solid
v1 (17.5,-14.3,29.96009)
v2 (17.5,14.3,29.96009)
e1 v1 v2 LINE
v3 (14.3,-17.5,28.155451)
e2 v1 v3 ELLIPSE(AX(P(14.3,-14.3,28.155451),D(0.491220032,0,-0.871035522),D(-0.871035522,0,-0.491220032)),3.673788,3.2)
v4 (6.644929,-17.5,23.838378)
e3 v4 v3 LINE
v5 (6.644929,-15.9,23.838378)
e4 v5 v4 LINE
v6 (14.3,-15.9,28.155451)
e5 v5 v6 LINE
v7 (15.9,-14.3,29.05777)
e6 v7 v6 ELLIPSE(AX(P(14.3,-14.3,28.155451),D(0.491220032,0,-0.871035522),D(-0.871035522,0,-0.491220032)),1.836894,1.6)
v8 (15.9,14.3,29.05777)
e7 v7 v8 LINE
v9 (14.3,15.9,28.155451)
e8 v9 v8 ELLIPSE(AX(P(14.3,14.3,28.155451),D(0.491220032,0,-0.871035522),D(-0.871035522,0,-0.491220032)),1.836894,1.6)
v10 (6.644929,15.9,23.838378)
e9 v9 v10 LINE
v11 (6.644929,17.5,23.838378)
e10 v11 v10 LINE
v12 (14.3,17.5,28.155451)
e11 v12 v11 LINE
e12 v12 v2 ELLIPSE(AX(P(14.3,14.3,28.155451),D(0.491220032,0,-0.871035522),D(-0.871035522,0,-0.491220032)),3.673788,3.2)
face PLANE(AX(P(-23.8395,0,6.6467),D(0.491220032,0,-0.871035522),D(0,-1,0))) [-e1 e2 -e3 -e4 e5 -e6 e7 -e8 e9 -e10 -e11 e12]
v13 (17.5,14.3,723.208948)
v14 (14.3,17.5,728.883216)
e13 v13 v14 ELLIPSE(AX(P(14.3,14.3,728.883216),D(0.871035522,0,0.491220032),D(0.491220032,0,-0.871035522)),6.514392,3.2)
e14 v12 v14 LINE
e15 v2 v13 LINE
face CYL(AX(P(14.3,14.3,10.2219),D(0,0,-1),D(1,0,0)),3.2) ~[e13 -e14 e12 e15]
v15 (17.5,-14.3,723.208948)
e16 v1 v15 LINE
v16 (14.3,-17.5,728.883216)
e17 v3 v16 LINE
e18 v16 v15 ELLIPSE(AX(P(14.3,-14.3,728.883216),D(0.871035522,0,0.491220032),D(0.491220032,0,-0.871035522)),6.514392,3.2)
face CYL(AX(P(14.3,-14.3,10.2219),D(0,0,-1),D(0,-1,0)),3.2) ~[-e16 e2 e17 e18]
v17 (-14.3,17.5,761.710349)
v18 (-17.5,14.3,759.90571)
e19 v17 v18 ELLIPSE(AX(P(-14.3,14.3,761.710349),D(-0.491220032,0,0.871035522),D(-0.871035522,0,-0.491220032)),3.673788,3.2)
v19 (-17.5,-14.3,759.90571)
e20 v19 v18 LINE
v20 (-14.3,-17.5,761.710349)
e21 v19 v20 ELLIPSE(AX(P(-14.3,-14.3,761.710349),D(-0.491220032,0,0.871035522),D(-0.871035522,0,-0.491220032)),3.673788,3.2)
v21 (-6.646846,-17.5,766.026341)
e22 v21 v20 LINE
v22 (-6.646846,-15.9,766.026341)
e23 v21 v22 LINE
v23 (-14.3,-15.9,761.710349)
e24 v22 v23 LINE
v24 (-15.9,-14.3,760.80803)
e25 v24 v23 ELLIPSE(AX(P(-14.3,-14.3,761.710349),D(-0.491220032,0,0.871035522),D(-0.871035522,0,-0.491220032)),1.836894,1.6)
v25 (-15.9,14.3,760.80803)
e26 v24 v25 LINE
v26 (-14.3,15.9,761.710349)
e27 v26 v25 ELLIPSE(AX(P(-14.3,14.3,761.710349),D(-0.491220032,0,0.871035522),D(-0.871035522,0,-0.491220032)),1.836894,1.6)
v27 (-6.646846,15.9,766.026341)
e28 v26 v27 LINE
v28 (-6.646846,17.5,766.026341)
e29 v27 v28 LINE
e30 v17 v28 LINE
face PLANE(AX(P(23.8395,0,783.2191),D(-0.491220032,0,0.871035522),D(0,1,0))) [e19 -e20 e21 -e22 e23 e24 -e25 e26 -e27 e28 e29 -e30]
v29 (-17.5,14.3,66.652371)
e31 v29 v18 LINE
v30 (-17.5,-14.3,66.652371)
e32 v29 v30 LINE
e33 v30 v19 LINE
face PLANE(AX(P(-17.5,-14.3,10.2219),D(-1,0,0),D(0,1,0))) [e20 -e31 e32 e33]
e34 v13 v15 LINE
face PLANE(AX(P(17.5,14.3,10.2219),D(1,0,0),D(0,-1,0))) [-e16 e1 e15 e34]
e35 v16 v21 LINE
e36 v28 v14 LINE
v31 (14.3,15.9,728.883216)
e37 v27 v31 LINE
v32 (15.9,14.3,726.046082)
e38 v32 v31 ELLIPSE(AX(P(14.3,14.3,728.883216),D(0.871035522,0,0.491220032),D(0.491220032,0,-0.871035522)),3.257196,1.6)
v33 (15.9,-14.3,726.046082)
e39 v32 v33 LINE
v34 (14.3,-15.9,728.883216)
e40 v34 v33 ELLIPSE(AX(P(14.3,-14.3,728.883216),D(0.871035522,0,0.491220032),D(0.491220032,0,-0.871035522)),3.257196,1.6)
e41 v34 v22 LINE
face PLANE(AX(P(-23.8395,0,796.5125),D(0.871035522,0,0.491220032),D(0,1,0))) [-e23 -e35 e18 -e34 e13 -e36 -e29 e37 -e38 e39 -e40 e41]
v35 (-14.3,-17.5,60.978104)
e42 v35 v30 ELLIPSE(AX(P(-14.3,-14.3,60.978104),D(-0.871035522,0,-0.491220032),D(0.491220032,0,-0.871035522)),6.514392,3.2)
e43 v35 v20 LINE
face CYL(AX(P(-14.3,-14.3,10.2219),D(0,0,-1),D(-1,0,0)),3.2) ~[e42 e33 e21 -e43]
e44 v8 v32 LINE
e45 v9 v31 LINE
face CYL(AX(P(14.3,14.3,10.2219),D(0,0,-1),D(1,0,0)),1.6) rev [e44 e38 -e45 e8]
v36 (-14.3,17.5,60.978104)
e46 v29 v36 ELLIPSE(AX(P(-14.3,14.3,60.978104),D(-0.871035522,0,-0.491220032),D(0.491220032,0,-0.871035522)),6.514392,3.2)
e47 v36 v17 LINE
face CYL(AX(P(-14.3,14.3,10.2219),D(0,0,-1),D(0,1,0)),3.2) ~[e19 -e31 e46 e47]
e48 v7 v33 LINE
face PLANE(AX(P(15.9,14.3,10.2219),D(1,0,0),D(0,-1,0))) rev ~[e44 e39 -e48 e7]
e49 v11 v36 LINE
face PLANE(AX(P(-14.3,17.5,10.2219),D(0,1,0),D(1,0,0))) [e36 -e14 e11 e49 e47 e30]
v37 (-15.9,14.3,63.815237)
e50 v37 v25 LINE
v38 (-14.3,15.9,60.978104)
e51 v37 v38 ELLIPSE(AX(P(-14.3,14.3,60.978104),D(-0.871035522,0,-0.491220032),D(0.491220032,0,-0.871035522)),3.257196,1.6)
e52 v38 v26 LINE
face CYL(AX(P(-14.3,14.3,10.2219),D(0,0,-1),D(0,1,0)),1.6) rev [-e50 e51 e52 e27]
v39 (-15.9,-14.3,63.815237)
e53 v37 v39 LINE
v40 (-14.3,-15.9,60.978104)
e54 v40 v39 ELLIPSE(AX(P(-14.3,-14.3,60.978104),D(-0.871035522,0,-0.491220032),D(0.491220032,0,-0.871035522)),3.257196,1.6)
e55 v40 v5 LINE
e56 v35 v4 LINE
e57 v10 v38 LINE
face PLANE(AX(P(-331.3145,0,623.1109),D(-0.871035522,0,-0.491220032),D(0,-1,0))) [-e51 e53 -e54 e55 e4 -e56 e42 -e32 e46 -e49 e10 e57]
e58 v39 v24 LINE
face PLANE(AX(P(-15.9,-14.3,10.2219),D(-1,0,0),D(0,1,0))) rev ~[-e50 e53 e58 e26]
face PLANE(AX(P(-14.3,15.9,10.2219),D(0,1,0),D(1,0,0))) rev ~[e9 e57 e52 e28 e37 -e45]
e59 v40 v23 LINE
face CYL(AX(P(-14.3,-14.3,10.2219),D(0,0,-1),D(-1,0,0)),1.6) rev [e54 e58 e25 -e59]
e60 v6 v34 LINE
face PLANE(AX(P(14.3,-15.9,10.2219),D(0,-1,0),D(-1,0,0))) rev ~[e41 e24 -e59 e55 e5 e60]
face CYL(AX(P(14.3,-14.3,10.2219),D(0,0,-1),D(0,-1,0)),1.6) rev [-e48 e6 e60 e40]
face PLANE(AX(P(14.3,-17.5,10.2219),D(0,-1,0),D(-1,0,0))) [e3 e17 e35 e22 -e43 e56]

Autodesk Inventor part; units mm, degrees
ref_plane "Start plane" through (0, 0, 10.2219) normal (0, 0, 1) x (1, 0, 0)
ref_plane "End plane" through (0, 0, 785.2713) normal (0, 0, 1) x (1, 0, 0)
sketch "Sketch" plane through (0, 0, 0) normal (0, 0, 1) x (1, 0, 0)
  line L0 (-17.5, -14.3) -> (-17.5, 14.3)
  line L1 (-14.3, 17.5) -> (14.3, 17.5)
  line L2 (17.5, 14.3) -> (17.5, -14.3)
  line L3 (14.3, -17.5) -> (-14.3, -17.5)
  arc A0 (-17.5, -14.3) -> (-14.3, -17.5) centre (-14.3, -14.3) ccw
  arc A1 (-14.3, 17.5) -> (-17.5, 14.3) centre (-14.3, 14.3) ccw
  arc A2 (17.5, 14.3) -> (14.3, 17.5) centre (14.3, 14.3) ccw
  arc A3 (14.3, -17.5) -> (17.5, -14.3) centre (14.3, -14.3) ccw
  arc A4 (-14.3, 15.9) -> (-15.9, 14.3) centre (-14.3, 14.3) ccw
  line L4 (-14.3, 15.9) -> (14.3, 15.9)
  arc A5 (15.9, 14.3) -> (14.3, 15.9) centre (14.3, 14.3) ccw
  line L5 (15.9, 14.3) -> (15.9, -14.3)
  arc A6 (14.3, -15.9) -> (15.9, -14.3) centre (14.3, -14.3) ccw
  line L6 (14.3, -15.9) -> (-14.3, -15.9)
  arc A7 (-15.9, -14.3) -> (-14.3, -15.9) centre (-14.3, -14.3) ccw
  line L7 (-15.9, -14.3) -> (-15.9, 14.3)
  line L8 (0, 25.4278) -> (0, -25.4278) construction
  line L9 (-25.4278, 0) -> (25.4278, 0) construction
  dimension "d7" = 3.2
  dimension "d10" = 35
  dimension "d11" = 35
  dimension "d12" = 1.6
  dimension "d15" = 17.5
  dimension "d16" = 17.5
extrude "Body" add sketch "Sketch" along normal up to surface (775.0495 mm away) from surface at 10.2219
sketch "Sketch3" plane through (0, 0, 0) normal (0, 0, 1) x (1, 0, 0)
  line L0 (0, 0) -> (10, 0)
ref_plane "Work Plane3" through (0, 0, 0) normal (0, -1, 0) x (1, 0, 0)
sketch "Sketch4" plane through (0, 0, 0) normal (0, -1, 0) x (1, 0, 0)
  line L0 (-2, 10.2219) -> (12, 10.2219)
  line L1 (-2, 785.2713) -> (12, 785.2713)
  dimension "d18" = 775.0495
ref_plane "Work Plane4" through (-331.3145, 0, 623.1109) normal (-0.871, 0, -0.4912) x (-0.4912, 0, 0.871)
split "Split1" plane through (-331.3145, 0, 623.1109) removes the side toward (-0.871, 0, -0.4912)
ref_plane "Work Plane5" through (-23.8395, 0, 6.6467) normal (0.4912, 0, -0.871) x (-0.871, 0, -0.4912)
split "Split2" plane through (-23.8395, 0, 6.6467) removes the side toward (0.4912, 0, -0.871)
ref_plane "Work Plane6" through (23.8395, 0, 783.2191) normal (-0.4912, 0, 0.871) x (0.871, 0, 0.4912)
split "Split3" plane through (23.8395, 0, 783.2191) removes the side toward (-0.4912, 0, 0.871)
ref_plane "Work Plane7" through (-23.8395, 0, 796.5125) normal (0.871, 0, 0.4912) x (0.4912, 0, -0.871)
split "Split4" plane through (-23.8395, 0, 796.5125) removes the side toward (0.871, 0, 0.4912)
equation "\"d7\" = G_IR"
equation "\"d10\" = G_H"
equation "\"d11\" = G_W"
equation "\"d12\" = G_T"
equation "\"d15\" = 0.5 * d10"
equation "\"d16\" = 0.5 * d11"
equation "\"d3\" = G_L"
equation "\"G_W\" = 35"
equation "\"G_H\" = 35"
equation "\"G_T\" = 1.6"
equation "\"G_IR\" = 3.2"
equation "\"G_L\" = d18"
equation "\"G_OFFSET_START\" = -10.22188"
equation "\"G_OFFSET_END\" = -4.59446"
equation "\"d13\" = -G_OFFSET_START"
equation "\"d14\" = G_OFFSET_END + B_L"
equation "\"B_L\" = 789.86581"
properties part number "AS 1163 - C350L0 35x35x1.6 SHS - 775.049" material "Steel, Mild"
